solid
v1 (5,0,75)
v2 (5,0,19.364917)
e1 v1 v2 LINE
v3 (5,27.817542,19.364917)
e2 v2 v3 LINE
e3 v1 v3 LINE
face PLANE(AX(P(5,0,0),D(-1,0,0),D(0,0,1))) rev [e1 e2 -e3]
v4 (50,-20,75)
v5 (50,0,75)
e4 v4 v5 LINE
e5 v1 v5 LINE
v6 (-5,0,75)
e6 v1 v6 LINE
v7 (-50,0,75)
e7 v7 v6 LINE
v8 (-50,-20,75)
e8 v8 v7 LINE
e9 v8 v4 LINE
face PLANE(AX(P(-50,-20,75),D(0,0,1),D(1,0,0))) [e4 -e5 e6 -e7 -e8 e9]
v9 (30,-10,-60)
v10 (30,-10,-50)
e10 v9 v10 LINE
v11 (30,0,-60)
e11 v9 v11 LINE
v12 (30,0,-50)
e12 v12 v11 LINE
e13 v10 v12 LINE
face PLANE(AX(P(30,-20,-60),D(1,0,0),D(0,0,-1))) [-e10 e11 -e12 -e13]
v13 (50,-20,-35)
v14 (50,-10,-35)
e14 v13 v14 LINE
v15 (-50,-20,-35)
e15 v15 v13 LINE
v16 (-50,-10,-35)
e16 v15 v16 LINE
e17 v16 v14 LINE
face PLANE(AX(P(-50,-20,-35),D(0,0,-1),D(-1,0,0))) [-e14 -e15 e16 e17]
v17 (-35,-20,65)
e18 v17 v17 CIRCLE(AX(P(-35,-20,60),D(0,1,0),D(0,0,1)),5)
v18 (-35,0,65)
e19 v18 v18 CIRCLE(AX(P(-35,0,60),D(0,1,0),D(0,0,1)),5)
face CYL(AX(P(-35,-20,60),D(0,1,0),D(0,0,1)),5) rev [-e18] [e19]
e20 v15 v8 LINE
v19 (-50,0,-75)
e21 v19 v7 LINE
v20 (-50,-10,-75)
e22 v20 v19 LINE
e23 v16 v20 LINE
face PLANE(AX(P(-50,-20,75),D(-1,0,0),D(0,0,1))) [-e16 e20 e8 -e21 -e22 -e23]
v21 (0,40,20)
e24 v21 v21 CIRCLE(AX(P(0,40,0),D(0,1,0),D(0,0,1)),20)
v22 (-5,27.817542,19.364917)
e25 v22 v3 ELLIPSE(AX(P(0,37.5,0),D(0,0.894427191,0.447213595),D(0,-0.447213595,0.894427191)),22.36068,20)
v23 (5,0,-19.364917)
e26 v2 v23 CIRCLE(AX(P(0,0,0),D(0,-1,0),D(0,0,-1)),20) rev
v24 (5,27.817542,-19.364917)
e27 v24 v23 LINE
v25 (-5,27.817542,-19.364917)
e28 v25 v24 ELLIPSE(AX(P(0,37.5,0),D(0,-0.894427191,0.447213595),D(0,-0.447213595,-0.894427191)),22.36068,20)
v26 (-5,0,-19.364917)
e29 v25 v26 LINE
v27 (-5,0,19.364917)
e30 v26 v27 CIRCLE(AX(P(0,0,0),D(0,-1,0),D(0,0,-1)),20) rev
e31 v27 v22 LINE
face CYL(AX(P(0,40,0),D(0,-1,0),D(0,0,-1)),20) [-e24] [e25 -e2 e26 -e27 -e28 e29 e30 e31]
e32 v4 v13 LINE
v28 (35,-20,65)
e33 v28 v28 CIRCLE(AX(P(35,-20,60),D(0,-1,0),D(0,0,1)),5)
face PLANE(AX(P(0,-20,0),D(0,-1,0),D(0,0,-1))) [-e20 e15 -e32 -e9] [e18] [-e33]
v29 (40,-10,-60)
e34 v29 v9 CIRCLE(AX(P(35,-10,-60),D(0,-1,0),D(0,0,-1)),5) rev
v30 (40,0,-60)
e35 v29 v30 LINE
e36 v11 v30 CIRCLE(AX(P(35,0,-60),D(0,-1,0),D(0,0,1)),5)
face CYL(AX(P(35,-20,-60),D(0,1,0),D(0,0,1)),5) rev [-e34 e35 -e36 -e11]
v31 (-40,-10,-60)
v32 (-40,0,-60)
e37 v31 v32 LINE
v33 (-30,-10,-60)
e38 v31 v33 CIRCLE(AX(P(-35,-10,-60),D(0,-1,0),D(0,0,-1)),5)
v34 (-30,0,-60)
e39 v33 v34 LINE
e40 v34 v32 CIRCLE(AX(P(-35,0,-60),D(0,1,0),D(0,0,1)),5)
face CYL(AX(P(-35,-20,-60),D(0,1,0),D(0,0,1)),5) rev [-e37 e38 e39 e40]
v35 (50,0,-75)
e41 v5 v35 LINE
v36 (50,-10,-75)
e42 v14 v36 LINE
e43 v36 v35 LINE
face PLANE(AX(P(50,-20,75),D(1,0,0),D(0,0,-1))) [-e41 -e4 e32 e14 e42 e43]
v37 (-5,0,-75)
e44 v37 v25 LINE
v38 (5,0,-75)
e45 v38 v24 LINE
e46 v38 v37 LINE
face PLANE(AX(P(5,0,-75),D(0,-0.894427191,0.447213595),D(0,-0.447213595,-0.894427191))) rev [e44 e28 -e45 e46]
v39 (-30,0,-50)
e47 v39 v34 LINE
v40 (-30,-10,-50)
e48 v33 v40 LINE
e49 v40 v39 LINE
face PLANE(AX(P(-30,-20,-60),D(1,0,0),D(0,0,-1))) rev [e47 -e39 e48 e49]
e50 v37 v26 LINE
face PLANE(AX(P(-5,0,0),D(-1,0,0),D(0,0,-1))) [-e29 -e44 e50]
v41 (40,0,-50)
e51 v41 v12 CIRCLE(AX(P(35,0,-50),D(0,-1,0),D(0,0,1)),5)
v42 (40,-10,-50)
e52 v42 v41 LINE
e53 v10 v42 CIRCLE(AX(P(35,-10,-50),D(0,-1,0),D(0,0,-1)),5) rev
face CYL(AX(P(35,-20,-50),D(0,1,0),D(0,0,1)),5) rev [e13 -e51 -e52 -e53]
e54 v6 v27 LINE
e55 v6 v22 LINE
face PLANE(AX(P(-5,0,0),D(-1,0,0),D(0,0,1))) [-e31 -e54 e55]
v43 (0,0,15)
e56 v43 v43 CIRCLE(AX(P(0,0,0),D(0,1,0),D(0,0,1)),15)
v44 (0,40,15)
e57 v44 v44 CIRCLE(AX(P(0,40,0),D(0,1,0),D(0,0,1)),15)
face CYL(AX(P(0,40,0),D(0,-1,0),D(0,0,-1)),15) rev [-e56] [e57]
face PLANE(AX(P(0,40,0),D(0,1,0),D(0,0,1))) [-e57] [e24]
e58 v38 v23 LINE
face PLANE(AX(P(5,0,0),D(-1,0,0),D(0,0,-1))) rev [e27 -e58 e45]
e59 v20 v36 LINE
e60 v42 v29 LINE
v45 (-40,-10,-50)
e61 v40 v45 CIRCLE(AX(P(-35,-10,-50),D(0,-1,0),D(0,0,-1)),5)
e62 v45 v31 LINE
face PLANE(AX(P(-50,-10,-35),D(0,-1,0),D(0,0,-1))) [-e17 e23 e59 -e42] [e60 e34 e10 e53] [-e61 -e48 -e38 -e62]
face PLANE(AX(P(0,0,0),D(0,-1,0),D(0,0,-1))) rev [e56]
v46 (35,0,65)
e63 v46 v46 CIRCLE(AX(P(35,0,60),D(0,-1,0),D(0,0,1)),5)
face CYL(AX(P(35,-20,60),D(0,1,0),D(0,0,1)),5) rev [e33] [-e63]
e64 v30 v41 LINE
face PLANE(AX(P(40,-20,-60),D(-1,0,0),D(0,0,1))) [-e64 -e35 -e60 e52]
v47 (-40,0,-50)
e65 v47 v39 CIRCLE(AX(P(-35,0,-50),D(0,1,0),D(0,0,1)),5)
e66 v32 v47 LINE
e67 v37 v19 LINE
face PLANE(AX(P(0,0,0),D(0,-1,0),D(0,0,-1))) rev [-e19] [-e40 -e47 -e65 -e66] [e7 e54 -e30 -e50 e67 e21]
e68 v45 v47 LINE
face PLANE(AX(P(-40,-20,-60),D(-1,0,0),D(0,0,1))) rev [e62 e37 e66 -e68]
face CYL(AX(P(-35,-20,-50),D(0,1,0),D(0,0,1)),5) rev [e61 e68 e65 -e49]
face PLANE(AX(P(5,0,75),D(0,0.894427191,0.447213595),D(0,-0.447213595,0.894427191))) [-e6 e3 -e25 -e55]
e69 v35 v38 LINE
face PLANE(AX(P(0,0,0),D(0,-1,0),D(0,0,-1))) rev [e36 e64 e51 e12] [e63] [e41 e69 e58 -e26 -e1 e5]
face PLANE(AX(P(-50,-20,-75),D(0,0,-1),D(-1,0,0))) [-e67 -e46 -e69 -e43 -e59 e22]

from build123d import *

# Parameters (mm, degrees)
SKETCH_2_W          = 100
SKETCH_2_H          = 150
EXTRUDE_2_DEPTH     = 20
SKETCH_3_W          = 40
SKETCH_3_H          = 10
CUT_EXTRUDE_1_DEPTH = 127.589889012
SKETCH_5_R          = 5
CUT_EXTRUDE_3_DEPTH = 93.330926563
SKETCH_6_R          = 20
SKETCH_6_R_2        = 15
EXTRUDE_6_DEPTH     = 40
EXTRUDE_9_DEPTH     = 5
CUT_EXTRUDE_2_DEPTH = 99.615414617


with BuildPart() as part:
    # Эскиз2 → Бобышка-Вытянуть2 (new body)
    with BuildSketch(Plane(origin=(0, 0, 0), x_dir=(1, 0, 0), z_dir=(0, 1, 0))):
        Rectangle(SKETCH_2_W, SKETCH_2_H)
    extrude(amount=-EXTRUDE_2_DEPTH)

    # Эскиз3 → Вырез-Вытянуть1 (cut, through all)
    with BuildSketch(Plane(origin=(50, 0, 0), x_dir=(0, 0, -1), z_dir=(1, 0, 0))):
        with Locations((55, -15)):
            Rectangle(SKETCH_3_W, SKETCH_3_H)
    extrude(amount=-CUT_EXTRUDE_1_DEPTH, mode=Mode.SUBTRACT)

    # Эскиз5 → Вырез-Вытянуть3 (cut, through all)
    with BuildSketch(Plane(origin=(0, 0, 0), x_dir=(1, 0, 0), z_dir=(0, 1, 0))):
        with Locations(Location((-35, -60, 0), (0, 0, 270))):
            Circle(SKETCH_5_R)
        with BuildLine():
            Line((-30, 60), (-30, 50))
            ThreePointArc((-30, 50), (-35, 45), (-40, 50))
            Line((-40, 50), (-40, 60))
            ThreePointArc((-40, 60), (-35, 65), (-30, 60))
        make_face()
    cut_extrude_3 = extrude(amount=-CUT_EXTRUDE_3_DEPTH, mode=Mode.SUBTRACT)

    # Зеркальное отражение2: Вырез-Вытянуть3 across plane
    add(cut_extrude_3.mirror(Plane(origin=(0, 0, 0), x_dir=(0, 0, 1), z_dir=(1, 0, 0))), mode=Mode.SUBTRACT)

    # Эскиз6 → Бобышка-Вытянуть6 (add)
    with BuildSketch(Plane(origin=(0, 0, 0), x_dir=(1, 0, 0), z_dir=(0, 1, 0))):
        with Locations(Location((0, 0, 0), (0, 0, 90))):
            Circle(SKETCH_6_R)
        with Locations(Location((0, 0, 0), (0, 0, 270))):
            Circle(SKETCH_6_R_2, mode=Mode.SUBTRACT)
    extrude(amount=EXTRUDE_6_DEPTH)

    # Эскиз7 → Бобышка-Вытянуть9 (add, symmetric)
    with BuildSketch(Plane(origin=(0, 0, 0), x_dir=(0, 0, -1), z_dir=(1, 0, 0))):
        Polygon((-75, 0), (-15, 30), (-15, 0), align=None)
    extrude_9 = extrude(amount=EXTRUDE_9_DEPTH, both=True)

    # Зеркальное отражение3: Бобышка-Вытянуть9 across plane
    add(extrude_9.mirror(Plane.XY))

    # Эскиз4 → Вырез-Вытянуть2 (cut, through all)
    with BuildSketch(Plane(origin=(0, 0, 0), x_dir=(1, 0, 0), z_dir=(0, 1, 0))):
        with BuildLine():
            Line((-30, 60), (-30, 50))
            ThreePointArc((-30, 50), (-35, 45), (-40, 50))
            Line((-40, 50), (-40, 60))
            ThreePointArc((-40, 60), (-35, 65), (-30, 60))
        make_face()
    extrude(amount=-CUT_EXTRUDE_2_DEPTH, mode=Mode.SUBTRACT)


solid = part.part
